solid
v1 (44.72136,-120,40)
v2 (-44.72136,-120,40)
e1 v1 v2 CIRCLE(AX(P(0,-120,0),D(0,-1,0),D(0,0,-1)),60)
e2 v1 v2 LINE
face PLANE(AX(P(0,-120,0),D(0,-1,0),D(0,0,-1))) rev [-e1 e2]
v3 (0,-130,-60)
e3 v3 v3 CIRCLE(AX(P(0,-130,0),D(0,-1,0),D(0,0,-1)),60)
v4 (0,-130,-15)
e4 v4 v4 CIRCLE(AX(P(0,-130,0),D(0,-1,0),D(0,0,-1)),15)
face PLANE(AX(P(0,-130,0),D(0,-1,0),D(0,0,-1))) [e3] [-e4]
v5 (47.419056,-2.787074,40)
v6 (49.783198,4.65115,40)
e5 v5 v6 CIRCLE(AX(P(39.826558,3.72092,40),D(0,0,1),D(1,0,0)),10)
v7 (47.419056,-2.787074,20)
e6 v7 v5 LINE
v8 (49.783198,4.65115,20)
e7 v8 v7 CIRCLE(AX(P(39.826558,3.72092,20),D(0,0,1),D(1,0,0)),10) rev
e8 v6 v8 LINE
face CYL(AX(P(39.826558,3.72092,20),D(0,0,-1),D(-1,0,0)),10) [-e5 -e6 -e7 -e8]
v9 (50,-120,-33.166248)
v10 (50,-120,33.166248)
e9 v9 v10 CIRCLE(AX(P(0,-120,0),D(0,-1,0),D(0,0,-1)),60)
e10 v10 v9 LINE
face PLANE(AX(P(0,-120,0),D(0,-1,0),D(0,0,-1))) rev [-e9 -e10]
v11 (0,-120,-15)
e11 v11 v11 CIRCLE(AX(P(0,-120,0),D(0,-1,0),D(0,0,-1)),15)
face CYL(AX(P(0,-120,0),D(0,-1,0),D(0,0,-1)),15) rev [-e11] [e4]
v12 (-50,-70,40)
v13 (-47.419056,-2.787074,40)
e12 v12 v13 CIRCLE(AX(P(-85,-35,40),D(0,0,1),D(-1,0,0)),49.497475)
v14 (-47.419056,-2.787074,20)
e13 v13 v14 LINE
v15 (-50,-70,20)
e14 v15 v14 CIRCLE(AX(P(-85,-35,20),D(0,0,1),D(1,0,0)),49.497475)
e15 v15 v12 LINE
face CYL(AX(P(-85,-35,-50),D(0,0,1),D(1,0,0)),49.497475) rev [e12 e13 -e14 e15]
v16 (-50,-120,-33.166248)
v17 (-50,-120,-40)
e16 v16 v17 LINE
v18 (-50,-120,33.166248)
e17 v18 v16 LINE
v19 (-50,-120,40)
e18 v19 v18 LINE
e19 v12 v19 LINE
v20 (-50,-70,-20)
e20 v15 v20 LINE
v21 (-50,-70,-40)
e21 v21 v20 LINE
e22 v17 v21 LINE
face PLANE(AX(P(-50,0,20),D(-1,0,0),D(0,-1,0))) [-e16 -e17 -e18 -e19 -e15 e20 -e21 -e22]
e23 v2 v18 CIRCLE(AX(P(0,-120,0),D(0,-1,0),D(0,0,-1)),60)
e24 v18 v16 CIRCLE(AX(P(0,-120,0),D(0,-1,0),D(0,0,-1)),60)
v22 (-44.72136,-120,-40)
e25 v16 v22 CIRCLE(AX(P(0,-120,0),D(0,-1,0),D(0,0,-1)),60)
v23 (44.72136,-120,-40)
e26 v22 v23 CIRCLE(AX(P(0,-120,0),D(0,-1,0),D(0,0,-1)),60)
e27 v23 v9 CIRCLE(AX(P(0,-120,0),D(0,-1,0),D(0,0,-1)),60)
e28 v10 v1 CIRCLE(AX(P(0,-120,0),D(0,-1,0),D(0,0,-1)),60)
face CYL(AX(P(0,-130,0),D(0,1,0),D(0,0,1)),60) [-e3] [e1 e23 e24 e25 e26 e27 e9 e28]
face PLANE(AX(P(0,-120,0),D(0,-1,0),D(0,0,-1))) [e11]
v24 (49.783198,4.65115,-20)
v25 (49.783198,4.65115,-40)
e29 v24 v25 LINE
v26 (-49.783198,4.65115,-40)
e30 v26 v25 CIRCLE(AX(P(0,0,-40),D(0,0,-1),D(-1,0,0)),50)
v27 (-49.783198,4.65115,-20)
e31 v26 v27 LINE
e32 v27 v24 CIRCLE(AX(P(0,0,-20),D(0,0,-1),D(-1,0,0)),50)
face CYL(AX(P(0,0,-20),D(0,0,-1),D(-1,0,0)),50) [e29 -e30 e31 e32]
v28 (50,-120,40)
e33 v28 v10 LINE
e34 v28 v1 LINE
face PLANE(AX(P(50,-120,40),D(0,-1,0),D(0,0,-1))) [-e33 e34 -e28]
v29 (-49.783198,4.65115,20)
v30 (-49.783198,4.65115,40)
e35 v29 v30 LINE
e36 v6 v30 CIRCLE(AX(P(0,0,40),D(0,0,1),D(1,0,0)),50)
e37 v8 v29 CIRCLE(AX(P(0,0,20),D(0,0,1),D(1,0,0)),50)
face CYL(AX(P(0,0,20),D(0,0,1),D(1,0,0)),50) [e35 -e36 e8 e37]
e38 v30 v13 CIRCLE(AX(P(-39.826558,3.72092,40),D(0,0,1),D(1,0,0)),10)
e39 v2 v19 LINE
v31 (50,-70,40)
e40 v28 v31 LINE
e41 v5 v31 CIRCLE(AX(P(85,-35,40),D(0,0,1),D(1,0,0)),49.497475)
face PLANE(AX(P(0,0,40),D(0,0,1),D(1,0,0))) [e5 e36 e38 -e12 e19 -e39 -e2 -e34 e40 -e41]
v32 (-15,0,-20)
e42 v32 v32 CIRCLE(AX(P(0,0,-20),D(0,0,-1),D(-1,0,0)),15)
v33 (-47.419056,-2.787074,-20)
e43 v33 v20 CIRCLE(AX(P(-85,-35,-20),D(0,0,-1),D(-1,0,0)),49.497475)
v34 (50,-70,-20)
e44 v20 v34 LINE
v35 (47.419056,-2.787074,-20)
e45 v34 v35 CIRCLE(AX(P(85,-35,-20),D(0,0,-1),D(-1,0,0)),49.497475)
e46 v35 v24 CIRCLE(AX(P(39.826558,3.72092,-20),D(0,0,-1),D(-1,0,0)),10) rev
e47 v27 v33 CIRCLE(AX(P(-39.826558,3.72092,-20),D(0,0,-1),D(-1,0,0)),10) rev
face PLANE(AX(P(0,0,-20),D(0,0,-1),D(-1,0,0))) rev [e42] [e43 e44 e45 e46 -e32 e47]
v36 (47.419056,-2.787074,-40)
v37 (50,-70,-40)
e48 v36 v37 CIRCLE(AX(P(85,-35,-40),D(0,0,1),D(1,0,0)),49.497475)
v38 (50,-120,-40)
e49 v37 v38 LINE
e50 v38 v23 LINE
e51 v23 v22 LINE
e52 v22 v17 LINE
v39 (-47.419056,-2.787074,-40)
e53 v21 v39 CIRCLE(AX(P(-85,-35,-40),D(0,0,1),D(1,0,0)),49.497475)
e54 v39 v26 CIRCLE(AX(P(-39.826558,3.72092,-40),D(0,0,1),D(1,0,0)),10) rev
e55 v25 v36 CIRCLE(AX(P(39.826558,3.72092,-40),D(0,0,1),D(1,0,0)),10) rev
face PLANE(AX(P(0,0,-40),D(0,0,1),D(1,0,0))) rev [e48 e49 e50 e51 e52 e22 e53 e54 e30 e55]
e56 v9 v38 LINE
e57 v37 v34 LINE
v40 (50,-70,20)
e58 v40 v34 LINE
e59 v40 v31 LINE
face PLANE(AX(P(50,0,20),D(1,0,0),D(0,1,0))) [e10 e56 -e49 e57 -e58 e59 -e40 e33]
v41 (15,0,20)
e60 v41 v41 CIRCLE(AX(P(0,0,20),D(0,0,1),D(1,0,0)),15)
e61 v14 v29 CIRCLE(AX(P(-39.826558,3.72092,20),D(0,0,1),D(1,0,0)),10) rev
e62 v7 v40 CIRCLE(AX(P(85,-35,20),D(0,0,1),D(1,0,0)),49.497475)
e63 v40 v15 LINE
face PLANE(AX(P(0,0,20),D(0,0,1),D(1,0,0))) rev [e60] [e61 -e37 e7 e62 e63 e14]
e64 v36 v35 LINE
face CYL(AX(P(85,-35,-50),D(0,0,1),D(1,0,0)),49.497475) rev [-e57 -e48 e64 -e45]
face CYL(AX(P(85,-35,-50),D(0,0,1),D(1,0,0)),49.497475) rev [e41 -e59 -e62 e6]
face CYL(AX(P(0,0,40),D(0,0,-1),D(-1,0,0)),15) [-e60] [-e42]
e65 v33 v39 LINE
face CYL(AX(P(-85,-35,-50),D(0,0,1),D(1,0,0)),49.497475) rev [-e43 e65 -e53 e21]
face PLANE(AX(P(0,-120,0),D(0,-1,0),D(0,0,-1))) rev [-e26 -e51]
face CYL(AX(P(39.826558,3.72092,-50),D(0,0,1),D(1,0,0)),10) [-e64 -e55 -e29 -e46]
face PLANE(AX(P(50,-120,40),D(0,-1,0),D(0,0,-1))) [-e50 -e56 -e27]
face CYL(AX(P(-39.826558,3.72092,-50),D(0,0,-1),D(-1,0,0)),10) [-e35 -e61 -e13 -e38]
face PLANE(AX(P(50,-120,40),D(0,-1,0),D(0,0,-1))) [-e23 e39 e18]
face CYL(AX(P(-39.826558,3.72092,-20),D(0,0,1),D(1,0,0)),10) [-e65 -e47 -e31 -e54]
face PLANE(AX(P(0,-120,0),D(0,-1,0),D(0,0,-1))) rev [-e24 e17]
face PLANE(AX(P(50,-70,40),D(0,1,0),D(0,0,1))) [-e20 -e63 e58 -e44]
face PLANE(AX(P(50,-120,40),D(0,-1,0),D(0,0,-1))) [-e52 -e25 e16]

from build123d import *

# Parameters (mm, degrees)
SKETCH1_R           = 15
BOSS_EXTRUDE1_DEPTH = 40
BOSS_EXTRUDE2_DEPTH = 20
BOSS_EXTRUDE3_START = -20
BOSS_EXTRUDE3_DEPTH = 20
SKETCH4_W           = 100
SKETCH4_H           = 50
BOSS_EXTRUDE4_DEPTH = 80
SKETCH5_R           = 60
BOSS_EXTRUDE5_DEPTH = 10
SKETCH6_R           = 15
CUT_EXTRUDE1_DEPTH  = 10
CUT_EXTRUDE2_DEPTH  = 90
CUT_EXTRUDE3_DEPTH  = 90
FILLET2_R           = 10


with BuildPart() as part:
    # Sketch1 → Boss-Extrude1 (new, symmetric)
    with BuildSketch(Plane.XY):
        Circle(SKETCH1_R)
    extrude(amount=BOSS_EXTRUDE1_DEPTH, both=True)

    # Sketch2 → Boss-Extrude2 (add)
    with BuildSketch(Plane.XY.offset(40)):
        with BuildLine():
            Line((50, 0), (50, -70))
            ThreePointArc((50, -70), (0, -120), (-50, -70))
            Line((-50, -70), (-50, 0))
            ThreePointArc((-50, 0), (0, 50), (50, 0))
        make_face()
    extrude(amount=-BOSS_EXTRUDE2_DEPTH)

    # Sketch3 → Boss-Extrude3 (add)
    with BuildSketch(Plane(origin=(0, 0, -40), x_dir=(-1, 0, 0), z_dir=(0, 0, -1)).offset(BOSS_EXTRUDE3_START)):
        with BuildLine():
            Line((50, 0), (50, -70))
            ThreePointArc((50, -70), (0, -120), (-50, -70))
            Line((-50, -70), (-50, 0))
            ThreePointArc((-50, 0), (0, 50), (50, 0))
        make_face()
    extrude(amount=BOSS_EXTRUDE3_DEPTH)

    # Sketch4 → Boss-Extrude4 (add)
    with BuildSketch(Plane(origin=(0, 0, -40), x_dir=(-1, 0, 0), z_dir=(0, 0, -1))):
        with Locations((0, -95)):
            Rectangle(SKETCH4_W, SKETCH4_H)
    extrude(amount=-BOSS_EXTRUDE4_DEPTH)

    # Sketch5 → Boss-Extrude5 (add)
    with BuildSketch(Plane.XZ.offset(120)):
        with Locations(Location((0, 0, 0), (0, 0, 41.810314896))):
            Circle(SKETCH5_R)
    extrude(amount=BOSS_EXTRUDE5_DEPTH)

    # Sketch6 → Cut-Extrude1 (cut)
    with BuildSketch(Plane.XZ.offset(130)):
        with Locations(Location((0, 0, 0), (0, 0, 270))):
            Circle(SKETCH6_R)
    extrude(amount=-CUT_EXTRUDE1_DEPTH, mode=Mode.SUBTRACT)

    # Sketch7 → Cut-Extrude2 (cut)
    with BuildSketch(Plane.XY.offset(40)):
        with BuildLine():
            Line((-50, -70), (-50, 0))
            ThreePointArc((-50, 0), (-35.502525317, -35), (-50, -70))
        make_face()
    extrude(amount=-CUT_EXTRUDE2_DEPTH, mode=Mode.SUBTRACT)

    # Sketch8 → Cut-Extrude3 (cut)
    with BuildSketch(Plane.XY.offset(40)):
        with BuildLine():
            Line((50, -70), (50, 0))
            ThreePointArc((50, 0), (35.502525317, -35), (50, -70))
        make_face()
    extrude(amount=-CUT_EXTRUDE3_DEPTH, mode=Mode.SUBTRACT)

    # Fillet2
    fillet2_edges = [part.edges().sort_by_distance(p)[0] for p in [
        (50, 0, -30),
        (-50, 0, -30),
        (-50, 0, 30),
        (50, 0, 30),
    ]]
    fillet(fillet2_edges, radius=FILLET2_R)


solid = part.part
